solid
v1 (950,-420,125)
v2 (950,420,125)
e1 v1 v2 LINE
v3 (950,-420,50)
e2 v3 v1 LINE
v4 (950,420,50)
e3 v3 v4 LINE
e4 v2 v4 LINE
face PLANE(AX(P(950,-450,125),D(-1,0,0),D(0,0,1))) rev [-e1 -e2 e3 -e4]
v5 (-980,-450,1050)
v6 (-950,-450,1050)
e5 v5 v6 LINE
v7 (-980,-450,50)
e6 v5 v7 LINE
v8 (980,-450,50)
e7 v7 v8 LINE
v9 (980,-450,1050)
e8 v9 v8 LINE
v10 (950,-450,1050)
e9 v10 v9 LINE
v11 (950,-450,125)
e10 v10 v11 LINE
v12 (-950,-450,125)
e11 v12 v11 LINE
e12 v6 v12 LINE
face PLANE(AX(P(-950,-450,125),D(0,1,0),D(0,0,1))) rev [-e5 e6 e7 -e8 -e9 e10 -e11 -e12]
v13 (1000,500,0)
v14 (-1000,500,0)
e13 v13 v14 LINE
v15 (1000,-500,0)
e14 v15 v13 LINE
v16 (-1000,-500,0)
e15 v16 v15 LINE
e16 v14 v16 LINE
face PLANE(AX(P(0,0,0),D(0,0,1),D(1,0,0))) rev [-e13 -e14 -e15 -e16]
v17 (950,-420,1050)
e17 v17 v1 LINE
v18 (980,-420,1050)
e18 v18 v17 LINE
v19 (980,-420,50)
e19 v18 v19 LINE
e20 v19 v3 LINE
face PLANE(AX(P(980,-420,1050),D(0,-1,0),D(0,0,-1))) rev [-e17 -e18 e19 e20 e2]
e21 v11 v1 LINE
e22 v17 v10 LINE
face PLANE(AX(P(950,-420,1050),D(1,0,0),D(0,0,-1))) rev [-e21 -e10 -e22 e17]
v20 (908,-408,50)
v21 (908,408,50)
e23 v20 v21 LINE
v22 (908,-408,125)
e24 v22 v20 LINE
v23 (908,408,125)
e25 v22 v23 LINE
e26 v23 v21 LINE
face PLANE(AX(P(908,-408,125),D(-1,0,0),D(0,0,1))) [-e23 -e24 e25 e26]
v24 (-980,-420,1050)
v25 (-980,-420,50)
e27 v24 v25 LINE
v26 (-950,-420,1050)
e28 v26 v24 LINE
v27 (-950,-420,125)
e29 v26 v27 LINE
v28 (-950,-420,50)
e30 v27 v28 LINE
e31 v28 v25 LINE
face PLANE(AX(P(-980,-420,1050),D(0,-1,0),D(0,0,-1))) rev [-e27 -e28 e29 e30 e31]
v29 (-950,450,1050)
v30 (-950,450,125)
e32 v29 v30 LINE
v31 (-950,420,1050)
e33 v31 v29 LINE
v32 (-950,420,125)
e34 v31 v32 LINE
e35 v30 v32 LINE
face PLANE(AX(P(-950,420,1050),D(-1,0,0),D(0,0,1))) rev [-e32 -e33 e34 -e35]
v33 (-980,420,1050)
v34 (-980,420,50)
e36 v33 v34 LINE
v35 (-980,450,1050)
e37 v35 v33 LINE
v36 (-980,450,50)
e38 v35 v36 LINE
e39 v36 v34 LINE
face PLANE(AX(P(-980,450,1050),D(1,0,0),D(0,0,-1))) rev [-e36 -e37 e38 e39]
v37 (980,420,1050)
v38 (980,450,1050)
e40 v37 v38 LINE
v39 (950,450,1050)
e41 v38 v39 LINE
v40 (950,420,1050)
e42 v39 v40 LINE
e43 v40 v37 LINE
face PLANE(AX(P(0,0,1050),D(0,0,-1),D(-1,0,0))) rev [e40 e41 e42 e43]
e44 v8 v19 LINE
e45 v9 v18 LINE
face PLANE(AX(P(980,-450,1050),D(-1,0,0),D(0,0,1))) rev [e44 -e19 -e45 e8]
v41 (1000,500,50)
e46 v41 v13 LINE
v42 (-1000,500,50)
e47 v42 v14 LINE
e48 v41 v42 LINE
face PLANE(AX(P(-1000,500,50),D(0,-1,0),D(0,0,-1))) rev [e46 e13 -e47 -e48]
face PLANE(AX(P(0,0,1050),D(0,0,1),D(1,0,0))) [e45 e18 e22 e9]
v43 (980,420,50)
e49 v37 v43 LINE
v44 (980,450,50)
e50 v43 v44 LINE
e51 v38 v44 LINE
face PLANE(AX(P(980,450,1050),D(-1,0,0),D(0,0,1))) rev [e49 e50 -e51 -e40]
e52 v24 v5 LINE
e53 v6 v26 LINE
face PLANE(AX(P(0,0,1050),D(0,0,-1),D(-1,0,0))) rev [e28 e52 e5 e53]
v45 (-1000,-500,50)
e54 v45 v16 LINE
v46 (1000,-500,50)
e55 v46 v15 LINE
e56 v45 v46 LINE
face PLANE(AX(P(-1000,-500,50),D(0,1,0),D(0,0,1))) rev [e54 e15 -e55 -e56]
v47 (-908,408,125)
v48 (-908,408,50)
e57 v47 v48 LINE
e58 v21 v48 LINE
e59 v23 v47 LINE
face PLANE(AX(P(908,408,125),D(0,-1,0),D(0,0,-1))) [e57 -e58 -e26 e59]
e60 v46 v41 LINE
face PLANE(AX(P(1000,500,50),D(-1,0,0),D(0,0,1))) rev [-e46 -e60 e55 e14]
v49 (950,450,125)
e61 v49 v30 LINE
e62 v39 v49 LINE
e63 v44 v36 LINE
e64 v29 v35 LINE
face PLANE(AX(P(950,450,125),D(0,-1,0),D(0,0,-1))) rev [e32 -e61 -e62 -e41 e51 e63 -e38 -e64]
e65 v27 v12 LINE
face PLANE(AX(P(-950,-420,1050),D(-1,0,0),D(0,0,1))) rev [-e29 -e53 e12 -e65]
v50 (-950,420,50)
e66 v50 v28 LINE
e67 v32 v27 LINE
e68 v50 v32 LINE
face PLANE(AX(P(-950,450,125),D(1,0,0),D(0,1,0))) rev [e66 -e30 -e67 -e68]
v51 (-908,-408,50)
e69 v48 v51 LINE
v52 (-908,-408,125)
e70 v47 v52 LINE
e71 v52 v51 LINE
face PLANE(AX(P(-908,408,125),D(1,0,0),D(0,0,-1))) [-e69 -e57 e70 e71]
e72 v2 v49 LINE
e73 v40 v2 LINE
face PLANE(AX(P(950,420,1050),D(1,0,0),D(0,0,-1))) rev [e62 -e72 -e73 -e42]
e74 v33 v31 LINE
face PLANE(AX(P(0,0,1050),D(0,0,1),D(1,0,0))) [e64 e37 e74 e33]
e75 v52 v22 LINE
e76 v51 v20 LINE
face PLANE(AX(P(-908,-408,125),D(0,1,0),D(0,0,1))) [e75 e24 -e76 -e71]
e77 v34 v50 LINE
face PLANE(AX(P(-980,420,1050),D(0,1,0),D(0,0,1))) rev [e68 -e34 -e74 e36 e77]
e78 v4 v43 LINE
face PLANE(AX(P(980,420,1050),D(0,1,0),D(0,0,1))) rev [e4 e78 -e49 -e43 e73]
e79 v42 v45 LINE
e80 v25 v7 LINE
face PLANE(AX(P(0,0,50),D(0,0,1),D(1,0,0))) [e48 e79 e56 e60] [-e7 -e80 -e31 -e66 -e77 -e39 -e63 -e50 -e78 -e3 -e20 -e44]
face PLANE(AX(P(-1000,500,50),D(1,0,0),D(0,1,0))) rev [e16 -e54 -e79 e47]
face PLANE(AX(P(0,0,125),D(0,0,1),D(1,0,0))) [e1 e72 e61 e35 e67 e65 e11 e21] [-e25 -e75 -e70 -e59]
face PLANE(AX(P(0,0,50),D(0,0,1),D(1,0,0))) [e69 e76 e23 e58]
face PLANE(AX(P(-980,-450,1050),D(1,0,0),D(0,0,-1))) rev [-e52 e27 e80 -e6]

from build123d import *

# Parameters (mm, degrees)
ESQUISSE1_W        = 2000
ESQUISSE1_H        = 1000
BOSS_EXTRU_1_DEPTH = 50
ESQUISSE2_W        = 1900
ESQUISSE2_H        = 900
ESQUISSE2_W_2      = 1816
ESQUISSE2_H_2      = 816
BOSS_EXTRU_2_DEPTH = 75
ESQUISSE3_W        = 30
ESQUISSE3_H        = 30
BOSS_EXTRU_3_DEPTH = 1000


with BuildPart() as part:
    # Esquisse1 → Boss.-Extru.1 (new body)
    with BuildSketch(Plane.XY):
        Rectangle(ESQUISSE1_W, ESQUISSE1_H)
    extrude(amount=BOSS_EXTRU_1_DEPTH)

    # Esquisse2 → Boss.-Extru.2 (add)
    with BuildSketch(Plane.XY.offset(50)):
        Rectangle(ESQUISSE2_W, ESQUISSE2_H)
        Rectangle(ESQUISSE2_W_2, ESQUISSE2_H_2, mode=Mode.SUBTRACT)
    extrude(amount=BOSS_EXTRU_2_DEPTH)

    # Esquisse3 → Boss.-Extru.3 (add)
    with BuildSketch(Plane.XY.offset(50)):
        with Locations((-965, 435)):
            Rectangle(ESQUISSE3_W, ESQUISSE3_H)
        with Locations((965, 435)):
            Rectangle(ESQUISSE3_W, ESQUISSE3_H)
        with Locations((965, -435)):
            Rectangle(ESQUISSE3_W, ESQUISSE3_H)
        with Locations((-965, -435)):
            Rectangle(ESQUISSE3_W, ESQUISSE3_H)
    extrude(amount=BOSS_EXTRU_3_DEPTH)


solid = part.part
